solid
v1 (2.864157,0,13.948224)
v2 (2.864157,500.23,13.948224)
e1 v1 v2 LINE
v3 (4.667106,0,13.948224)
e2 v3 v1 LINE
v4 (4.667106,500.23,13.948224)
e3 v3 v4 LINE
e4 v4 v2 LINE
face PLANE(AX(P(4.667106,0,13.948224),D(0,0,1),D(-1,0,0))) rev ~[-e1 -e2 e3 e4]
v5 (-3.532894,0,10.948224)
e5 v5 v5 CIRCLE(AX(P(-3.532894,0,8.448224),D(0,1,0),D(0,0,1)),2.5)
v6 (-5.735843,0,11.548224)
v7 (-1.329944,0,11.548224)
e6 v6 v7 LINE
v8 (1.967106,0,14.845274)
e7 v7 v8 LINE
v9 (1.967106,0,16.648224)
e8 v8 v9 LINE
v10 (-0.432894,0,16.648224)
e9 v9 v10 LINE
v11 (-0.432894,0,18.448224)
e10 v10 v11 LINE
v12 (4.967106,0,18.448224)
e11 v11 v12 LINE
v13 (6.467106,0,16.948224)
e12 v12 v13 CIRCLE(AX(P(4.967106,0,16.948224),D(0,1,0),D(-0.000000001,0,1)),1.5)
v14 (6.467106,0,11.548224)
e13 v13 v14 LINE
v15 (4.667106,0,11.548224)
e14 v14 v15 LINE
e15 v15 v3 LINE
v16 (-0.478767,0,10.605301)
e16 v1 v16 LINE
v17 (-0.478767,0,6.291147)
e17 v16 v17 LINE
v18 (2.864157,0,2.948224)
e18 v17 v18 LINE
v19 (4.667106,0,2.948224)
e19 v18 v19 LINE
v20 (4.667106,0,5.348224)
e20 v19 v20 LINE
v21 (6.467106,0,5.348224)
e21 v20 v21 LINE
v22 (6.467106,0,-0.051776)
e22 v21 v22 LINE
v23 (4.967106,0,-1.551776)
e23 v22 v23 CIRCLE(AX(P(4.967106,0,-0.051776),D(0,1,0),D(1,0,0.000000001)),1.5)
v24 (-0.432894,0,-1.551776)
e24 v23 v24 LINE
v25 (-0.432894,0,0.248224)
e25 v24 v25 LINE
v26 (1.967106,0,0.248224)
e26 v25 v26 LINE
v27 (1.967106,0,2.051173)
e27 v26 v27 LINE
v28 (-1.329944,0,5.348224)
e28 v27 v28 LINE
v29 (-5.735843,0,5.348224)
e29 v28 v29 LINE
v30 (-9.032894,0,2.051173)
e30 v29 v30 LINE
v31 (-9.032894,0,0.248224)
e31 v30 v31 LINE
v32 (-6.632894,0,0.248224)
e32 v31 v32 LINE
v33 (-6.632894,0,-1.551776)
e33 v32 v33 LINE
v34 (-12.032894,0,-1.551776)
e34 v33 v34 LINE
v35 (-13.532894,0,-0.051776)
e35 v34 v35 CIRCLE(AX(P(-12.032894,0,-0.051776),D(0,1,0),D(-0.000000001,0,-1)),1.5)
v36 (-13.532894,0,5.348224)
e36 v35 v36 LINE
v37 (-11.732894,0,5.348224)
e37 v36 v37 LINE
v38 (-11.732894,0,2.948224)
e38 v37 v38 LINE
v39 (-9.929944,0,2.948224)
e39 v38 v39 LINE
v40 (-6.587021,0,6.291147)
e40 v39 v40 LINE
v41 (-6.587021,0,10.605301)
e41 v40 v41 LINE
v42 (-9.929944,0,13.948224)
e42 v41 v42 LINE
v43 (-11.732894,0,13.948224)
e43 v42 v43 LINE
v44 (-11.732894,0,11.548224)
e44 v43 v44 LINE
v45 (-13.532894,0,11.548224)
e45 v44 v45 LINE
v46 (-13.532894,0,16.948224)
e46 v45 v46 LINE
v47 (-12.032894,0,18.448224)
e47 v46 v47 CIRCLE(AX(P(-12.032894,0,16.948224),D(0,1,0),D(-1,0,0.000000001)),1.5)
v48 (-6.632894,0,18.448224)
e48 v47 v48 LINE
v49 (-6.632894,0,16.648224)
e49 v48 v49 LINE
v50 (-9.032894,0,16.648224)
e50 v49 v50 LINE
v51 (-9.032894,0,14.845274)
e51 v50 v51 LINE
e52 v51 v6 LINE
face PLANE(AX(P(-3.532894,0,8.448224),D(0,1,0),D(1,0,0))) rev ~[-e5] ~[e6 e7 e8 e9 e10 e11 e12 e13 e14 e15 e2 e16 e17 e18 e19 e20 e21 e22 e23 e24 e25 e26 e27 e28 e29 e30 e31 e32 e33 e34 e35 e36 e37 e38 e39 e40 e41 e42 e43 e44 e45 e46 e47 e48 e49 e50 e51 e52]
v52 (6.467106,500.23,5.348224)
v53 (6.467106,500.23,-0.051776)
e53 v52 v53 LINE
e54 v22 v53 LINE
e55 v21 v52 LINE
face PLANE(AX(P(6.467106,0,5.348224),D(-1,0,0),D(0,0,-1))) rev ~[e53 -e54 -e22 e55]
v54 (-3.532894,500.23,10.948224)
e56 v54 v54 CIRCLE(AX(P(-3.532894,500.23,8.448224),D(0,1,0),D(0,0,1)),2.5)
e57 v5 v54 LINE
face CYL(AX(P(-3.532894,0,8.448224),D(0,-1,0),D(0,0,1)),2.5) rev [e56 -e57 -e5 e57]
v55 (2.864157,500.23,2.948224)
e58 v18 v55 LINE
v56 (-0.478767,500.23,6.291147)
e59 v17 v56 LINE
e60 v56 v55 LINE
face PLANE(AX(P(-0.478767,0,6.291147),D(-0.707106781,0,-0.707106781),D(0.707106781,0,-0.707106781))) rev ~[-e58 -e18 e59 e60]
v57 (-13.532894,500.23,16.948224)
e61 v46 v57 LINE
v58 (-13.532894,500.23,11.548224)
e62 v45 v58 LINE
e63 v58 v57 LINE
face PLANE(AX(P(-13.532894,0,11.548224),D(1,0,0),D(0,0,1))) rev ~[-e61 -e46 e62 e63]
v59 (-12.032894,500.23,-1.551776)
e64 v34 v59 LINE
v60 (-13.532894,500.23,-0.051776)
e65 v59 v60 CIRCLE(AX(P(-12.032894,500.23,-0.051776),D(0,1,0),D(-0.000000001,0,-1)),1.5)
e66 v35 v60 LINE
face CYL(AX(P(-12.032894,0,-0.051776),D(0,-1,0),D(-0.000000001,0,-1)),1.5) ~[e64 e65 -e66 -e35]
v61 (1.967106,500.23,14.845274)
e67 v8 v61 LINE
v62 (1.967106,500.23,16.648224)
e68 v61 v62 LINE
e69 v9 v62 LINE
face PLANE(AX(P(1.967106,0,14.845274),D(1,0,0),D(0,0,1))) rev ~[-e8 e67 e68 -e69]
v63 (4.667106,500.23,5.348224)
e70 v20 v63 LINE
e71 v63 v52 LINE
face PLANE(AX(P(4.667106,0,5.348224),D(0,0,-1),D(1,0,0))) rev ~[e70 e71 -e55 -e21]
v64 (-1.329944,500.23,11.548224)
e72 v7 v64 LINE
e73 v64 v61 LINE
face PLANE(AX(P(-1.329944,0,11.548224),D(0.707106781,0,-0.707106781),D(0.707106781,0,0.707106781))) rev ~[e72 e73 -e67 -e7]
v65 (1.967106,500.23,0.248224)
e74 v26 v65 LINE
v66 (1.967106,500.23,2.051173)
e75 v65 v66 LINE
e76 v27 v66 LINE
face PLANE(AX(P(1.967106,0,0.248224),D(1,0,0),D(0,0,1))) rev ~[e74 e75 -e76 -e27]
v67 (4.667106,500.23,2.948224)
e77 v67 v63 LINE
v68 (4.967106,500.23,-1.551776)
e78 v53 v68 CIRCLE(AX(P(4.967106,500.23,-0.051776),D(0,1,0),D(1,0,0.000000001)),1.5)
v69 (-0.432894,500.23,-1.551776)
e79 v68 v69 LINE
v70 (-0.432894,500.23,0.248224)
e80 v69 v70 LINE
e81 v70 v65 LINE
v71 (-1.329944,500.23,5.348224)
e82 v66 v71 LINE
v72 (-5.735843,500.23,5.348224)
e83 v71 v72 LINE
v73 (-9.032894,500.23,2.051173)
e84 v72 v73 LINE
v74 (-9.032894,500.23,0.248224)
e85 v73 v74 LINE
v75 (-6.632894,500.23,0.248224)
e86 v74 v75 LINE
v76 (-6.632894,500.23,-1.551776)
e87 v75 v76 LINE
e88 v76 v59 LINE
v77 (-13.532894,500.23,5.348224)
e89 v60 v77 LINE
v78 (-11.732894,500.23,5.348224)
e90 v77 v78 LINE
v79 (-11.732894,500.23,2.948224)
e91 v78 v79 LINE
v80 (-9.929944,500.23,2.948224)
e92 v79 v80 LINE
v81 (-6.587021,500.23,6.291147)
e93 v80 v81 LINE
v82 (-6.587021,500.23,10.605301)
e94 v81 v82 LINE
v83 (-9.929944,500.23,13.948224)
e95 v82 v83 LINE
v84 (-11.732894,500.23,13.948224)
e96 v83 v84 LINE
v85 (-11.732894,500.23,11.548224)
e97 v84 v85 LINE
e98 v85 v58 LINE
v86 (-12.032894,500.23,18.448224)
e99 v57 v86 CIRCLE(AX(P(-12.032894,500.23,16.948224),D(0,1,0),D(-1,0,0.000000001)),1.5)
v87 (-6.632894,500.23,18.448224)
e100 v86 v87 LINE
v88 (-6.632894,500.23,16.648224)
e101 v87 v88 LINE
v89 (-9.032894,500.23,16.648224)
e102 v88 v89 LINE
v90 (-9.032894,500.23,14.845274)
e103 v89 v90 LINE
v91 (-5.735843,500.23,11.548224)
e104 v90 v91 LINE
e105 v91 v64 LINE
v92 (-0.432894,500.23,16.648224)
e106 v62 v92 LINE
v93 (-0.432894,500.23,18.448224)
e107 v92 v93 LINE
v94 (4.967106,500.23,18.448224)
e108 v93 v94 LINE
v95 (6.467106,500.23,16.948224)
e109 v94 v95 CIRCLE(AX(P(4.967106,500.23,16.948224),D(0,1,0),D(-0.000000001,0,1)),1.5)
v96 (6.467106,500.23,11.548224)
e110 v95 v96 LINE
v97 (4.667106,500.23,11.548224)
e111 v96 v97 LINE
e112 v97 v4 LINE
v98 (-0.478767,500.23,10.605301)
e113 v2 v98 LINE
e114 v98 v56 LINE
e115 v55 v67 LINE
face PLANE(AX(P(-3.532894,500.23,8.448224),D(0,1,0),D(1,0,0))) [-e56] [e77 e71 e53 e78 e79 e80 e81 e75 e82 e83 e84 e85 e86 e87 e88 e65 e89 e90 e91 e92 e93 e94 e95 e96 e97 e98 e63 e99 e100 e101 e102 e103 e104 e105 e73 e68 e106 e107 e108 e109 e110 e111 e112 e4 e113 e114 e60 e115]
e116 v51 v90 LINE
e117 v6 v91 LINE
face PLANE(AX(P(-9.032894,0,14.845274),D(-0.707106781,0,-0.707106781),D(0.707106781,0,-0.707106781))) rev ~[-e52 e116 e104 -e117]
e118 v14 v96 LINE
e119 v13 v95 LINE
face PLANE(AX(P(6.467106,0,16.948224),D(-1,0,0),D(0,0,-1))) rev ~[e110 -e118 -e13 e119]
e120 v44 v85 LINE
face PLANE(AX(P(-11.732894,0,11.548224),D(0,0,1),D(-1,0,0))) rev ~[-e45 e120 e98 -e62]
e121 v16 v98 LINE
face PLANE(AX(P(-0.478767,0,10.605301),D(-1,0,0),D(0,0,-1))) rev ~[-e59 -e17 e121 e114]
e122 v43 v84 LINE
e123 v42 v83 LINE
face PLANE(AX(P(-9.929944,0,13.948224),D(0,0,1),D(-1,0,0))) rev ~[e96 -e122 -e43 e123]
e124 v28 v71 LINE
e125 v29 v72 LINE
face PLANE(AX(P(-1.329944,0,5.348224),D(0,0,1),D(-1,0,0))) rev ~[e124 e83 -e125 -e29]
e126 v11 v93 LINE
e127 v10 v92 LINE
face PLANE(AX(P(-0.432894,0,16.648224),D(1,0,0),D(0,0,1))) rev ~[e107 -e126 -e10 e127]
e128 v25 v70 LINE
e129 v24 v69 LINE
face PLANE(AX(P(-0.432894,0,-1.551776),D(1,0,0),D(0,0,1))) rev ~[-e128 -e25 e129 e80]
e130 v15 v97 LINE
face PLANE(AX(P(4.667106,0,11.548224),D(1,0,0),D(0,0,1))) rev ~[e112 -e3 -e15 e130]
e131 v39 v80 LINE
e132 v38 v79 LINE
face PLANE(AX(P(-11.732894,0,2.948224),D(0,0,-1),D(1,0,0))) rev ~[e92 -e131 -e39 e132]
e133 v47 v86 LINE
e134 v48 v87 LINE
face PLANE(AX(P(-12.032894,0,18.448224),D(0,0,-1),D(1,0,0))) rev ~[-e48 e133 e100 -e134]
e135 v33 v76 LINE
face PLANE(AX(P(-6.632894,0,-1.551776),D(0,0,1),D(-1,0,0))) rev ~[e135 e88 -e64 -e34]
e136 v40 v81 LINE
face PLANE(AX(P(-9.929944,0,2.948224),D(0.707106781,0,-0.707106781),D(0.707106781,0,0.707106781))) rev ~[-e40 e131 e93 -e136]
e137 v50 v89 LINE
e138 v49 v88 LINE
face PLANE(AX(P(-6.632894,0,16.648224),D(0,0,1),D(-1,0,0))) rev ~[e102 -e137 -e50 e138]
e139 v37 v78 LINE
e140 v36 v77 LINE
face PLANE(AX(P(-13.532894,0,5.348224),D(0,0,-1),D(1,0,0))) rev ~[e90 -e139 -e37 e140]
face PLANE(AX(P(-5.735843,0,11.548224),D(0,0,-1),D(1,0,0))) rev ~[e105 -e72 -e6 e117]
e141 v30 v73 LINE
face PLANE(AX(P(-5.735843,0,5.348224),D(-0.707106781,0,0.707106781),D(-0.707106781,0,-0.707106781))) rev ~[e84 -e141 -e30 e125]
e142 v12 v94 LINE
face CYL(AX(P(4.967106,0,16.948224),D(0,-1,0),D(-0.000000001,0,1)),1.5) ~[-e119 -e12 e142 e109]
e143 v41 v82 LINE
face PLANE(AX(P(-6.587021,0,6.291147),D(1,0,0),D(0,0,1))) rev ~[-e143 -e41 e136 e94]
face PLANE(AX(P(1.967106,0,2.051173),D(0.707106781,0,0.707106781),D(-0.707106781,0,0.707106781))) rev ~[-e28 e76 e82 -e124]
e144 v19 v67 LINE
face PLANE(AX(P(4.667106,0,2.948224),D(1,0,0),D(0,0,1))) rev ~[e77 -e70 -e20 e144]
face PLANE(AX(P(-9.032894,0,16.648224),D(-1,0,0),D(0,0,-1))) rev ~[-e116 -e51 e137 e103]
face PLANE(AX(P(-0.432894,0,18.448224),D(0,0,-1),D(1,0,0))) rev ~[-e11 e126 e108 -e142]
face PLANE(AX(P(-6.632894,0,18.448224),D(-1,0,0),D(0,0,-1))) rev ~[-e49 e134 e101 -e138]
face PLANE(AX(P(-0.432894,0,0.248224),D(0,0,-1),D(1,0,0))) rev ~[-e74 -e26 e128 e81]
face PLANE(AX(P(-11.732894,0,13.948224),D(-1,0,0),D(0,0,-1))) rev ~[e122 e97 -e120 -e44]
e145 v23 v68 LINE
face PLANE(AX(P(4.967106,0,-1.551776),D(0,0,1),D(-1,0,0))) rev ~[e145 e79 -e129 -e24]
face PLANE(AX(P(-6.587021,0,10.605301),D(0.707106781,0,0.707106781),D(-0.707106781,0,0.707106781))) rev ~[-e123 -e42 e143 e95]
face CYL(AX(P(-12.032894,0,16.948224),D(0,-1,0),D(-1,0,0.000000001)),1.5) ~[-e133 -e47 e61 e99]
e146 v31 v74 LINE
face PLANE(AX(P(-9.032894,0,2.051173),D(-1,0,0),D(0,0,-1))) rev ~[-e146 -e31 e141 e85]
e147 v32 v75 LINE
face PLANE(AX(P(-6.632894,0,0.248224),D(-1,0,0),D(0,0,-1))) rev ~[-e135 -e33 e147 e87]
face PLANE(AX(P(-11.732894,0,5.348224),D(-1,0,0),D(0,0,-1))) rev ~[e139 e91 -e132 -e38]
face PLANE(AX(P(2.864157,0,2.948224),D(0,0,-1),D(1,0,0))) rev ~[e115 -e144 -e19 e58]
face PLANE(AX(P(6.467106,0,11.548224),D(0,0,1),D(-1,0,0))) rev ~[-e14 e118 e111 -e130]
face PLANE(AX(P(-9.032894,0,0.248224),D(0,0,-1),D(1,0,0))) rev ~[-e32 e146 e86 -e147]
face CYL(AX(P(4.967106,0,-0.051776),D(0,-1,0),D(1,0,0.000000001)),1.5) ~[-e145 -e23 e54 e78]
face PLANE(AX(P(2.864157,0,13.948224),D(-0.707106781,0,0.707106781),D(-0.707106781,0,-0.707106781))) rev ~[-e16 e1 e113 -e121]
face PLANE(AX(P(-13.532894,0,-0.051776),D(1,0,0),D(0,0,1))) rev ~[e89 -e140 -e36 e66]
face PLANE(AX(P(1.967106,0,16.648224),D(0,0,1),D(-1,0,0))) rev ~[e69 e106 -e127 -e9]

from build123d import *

# Parameters (mm, degrees)
SKETCH_1_R      = 2.5
EXTRUDE_1_DEPTH = 500.23


with BuildPart() as part:
    # 草图1 → 凸台-拉伸1 (new body)
    with BuildSketch(Plane(origin=(0, 0, 0), x_dir=(1, 0, 0), z_dir=(0, 1, 0))):
        with BuildLine():
            Line((-11.732893528, -11.548223653), (-13.532893528, -11.548223653))
            Line((-13.532893528, -11.548223653), (-13.532893528, -16.948223653))
            ThreePointArc((-13.532893528, -16.948223653), (-13.093553699, -18.008883825), (-12.032893528, -18.448223653))
            Line((-12.032893528, -18.448223653), (-6.632893528, -18.448223653))
            Line((-6.632893528, -18.448223653), (-6.632893528, -16.648223653))
            Line((-6.632893528, -16.648223653), (-9.032893528, -16.648223653))
            Line((-9.032893528, -16.648223653), (-9.032893528, -14.845273808))
            Line((-9.032893528, -14.845273808), (-5.735843372, -11.548223653))
            Line((-5.735843372, -11.548223653), (-1.329943683, -11.548223653))
            Line((-1.329943683, -11.548223653), (1.967106472, -14.845273808))
            Line((1.967106472, -14.845273808), (1.967106472, -16.648223653))
            Line((1.967106472, -16.648223653), (-0.432893528, -16.648223653))
            Line((-0.432893528, -16.648223653), (-0.432893528, -18.448223653))
            Line((-0.432893528, -18.448223653), (4.967106472, -18.448223653))
            ThreePointArc((4.967106472, -18.448223653), (6.027766644, -18.008883825), (6.467106472, -16.948223653))
            Line((6.467106472, -16.948223653), (6.467106472, -11.548223653))
            Line((6.467106472, -11.548223653), (4.667106472, -11.548223653))
            Line((4.667106472, -11.548223653), (4.667106472, -13.948223653))
            Line((4.667106472, -13.948223653), (2.864156628, -13.948223653))
            Line((2.864156628, -13.948223653), (-0.478766507, -10.605300518))
            Line((-0.478766507, -10.605300518), (-0.478766507, -6.291146788))
            Line((-0.478766507, -6.291146788), (2.864156628, -2.948223653))
            Line((2.864156628, -2.948223653), (4.667106472, -2.948223653))
            Line((4.667106472, -2.948223653), (4.667106472, -5.348223653))
            Line((4.667106472, -5.348223653), (6.467106472, -5.348223653))
            Line((6.467106472, -5.348223653), (6.467106472, 0.051776347))
            ThreePointArc((6.467106472, 0.051776347), (6.027766644, 1.112436519), (4.967106472, 1.551776347))
            Line((4.967106472, 1.551776347), (-0.432893528, 1.551776347))
            Line((-0.432893528, 1.551776347), (-0.432893528, -0.248223653))
            Line((-0.432893528, -0.248223653), (1.967106472, -0.248223653))
            Line((1.967106472, -0.248223653), (1.967106472, -2.051173498))
            Line((1.967106472, -2.051173498), (-1.329943683, -5.348223653))
            Line((-1.329943683, -5.348223653), (-5.735843372, -5.348223653))
            Line((-5.735843372, -5.348223653), (-9.032893528, -2.051173498))
            Line((-9.032893528, -2.051173498), (-9.032893528, -0.248223653))
            Line((-9.032893528, -0.248223653), (-6.632893528, -0.248223653))
            Line((-6.632893528, -0.248223653), (-6.632893528, 1.551776347))
            Line((-6.632893528, 1.551776347), (-12.032893528, 1.551776347))
            ThreePointArc((-12.032893528, 1.551776347), (-13.093553699, 1.112436519), (-13.532893528, 0.051776347))
            Line((-13.532893528, 0.051776347), (-13.532893528, -5.348223653))
            Line((-13.532893528, -5.348223653), (-11.732893528, -5.348223653))
            Line((-11.732893528, -5.348223653), (-11.732893528, -2.948223653))
            Line((-11.732893528, -2.948223653), (-9.929943683, -2.948223653))
            Line((-9.929943683, -2.948223653), (-6.587020548, -6.291146788))
            Line((-6.587020548, -6.291146788), (-6.587020548, -10.605300518))
            Line((-6.587020548, -10.605300518), (-9.929943683, -13.948223653))
            Line((-9.929943683, -13.948223653), (-11.732893528, -13.948223653))
            Line((-11.732893528, -13.948223653), (-11.732893528, -11.548223653))
        make_face()
        with Locations(Location((-3.532893528, -8.448223653, 0), (0, 0, 270))):
            Circle(SKETCH_1_R, mode=Mode.SUBTRACT)
    extrude(amount=EXTRUDE_1_DEPTH)


solid = part.part
